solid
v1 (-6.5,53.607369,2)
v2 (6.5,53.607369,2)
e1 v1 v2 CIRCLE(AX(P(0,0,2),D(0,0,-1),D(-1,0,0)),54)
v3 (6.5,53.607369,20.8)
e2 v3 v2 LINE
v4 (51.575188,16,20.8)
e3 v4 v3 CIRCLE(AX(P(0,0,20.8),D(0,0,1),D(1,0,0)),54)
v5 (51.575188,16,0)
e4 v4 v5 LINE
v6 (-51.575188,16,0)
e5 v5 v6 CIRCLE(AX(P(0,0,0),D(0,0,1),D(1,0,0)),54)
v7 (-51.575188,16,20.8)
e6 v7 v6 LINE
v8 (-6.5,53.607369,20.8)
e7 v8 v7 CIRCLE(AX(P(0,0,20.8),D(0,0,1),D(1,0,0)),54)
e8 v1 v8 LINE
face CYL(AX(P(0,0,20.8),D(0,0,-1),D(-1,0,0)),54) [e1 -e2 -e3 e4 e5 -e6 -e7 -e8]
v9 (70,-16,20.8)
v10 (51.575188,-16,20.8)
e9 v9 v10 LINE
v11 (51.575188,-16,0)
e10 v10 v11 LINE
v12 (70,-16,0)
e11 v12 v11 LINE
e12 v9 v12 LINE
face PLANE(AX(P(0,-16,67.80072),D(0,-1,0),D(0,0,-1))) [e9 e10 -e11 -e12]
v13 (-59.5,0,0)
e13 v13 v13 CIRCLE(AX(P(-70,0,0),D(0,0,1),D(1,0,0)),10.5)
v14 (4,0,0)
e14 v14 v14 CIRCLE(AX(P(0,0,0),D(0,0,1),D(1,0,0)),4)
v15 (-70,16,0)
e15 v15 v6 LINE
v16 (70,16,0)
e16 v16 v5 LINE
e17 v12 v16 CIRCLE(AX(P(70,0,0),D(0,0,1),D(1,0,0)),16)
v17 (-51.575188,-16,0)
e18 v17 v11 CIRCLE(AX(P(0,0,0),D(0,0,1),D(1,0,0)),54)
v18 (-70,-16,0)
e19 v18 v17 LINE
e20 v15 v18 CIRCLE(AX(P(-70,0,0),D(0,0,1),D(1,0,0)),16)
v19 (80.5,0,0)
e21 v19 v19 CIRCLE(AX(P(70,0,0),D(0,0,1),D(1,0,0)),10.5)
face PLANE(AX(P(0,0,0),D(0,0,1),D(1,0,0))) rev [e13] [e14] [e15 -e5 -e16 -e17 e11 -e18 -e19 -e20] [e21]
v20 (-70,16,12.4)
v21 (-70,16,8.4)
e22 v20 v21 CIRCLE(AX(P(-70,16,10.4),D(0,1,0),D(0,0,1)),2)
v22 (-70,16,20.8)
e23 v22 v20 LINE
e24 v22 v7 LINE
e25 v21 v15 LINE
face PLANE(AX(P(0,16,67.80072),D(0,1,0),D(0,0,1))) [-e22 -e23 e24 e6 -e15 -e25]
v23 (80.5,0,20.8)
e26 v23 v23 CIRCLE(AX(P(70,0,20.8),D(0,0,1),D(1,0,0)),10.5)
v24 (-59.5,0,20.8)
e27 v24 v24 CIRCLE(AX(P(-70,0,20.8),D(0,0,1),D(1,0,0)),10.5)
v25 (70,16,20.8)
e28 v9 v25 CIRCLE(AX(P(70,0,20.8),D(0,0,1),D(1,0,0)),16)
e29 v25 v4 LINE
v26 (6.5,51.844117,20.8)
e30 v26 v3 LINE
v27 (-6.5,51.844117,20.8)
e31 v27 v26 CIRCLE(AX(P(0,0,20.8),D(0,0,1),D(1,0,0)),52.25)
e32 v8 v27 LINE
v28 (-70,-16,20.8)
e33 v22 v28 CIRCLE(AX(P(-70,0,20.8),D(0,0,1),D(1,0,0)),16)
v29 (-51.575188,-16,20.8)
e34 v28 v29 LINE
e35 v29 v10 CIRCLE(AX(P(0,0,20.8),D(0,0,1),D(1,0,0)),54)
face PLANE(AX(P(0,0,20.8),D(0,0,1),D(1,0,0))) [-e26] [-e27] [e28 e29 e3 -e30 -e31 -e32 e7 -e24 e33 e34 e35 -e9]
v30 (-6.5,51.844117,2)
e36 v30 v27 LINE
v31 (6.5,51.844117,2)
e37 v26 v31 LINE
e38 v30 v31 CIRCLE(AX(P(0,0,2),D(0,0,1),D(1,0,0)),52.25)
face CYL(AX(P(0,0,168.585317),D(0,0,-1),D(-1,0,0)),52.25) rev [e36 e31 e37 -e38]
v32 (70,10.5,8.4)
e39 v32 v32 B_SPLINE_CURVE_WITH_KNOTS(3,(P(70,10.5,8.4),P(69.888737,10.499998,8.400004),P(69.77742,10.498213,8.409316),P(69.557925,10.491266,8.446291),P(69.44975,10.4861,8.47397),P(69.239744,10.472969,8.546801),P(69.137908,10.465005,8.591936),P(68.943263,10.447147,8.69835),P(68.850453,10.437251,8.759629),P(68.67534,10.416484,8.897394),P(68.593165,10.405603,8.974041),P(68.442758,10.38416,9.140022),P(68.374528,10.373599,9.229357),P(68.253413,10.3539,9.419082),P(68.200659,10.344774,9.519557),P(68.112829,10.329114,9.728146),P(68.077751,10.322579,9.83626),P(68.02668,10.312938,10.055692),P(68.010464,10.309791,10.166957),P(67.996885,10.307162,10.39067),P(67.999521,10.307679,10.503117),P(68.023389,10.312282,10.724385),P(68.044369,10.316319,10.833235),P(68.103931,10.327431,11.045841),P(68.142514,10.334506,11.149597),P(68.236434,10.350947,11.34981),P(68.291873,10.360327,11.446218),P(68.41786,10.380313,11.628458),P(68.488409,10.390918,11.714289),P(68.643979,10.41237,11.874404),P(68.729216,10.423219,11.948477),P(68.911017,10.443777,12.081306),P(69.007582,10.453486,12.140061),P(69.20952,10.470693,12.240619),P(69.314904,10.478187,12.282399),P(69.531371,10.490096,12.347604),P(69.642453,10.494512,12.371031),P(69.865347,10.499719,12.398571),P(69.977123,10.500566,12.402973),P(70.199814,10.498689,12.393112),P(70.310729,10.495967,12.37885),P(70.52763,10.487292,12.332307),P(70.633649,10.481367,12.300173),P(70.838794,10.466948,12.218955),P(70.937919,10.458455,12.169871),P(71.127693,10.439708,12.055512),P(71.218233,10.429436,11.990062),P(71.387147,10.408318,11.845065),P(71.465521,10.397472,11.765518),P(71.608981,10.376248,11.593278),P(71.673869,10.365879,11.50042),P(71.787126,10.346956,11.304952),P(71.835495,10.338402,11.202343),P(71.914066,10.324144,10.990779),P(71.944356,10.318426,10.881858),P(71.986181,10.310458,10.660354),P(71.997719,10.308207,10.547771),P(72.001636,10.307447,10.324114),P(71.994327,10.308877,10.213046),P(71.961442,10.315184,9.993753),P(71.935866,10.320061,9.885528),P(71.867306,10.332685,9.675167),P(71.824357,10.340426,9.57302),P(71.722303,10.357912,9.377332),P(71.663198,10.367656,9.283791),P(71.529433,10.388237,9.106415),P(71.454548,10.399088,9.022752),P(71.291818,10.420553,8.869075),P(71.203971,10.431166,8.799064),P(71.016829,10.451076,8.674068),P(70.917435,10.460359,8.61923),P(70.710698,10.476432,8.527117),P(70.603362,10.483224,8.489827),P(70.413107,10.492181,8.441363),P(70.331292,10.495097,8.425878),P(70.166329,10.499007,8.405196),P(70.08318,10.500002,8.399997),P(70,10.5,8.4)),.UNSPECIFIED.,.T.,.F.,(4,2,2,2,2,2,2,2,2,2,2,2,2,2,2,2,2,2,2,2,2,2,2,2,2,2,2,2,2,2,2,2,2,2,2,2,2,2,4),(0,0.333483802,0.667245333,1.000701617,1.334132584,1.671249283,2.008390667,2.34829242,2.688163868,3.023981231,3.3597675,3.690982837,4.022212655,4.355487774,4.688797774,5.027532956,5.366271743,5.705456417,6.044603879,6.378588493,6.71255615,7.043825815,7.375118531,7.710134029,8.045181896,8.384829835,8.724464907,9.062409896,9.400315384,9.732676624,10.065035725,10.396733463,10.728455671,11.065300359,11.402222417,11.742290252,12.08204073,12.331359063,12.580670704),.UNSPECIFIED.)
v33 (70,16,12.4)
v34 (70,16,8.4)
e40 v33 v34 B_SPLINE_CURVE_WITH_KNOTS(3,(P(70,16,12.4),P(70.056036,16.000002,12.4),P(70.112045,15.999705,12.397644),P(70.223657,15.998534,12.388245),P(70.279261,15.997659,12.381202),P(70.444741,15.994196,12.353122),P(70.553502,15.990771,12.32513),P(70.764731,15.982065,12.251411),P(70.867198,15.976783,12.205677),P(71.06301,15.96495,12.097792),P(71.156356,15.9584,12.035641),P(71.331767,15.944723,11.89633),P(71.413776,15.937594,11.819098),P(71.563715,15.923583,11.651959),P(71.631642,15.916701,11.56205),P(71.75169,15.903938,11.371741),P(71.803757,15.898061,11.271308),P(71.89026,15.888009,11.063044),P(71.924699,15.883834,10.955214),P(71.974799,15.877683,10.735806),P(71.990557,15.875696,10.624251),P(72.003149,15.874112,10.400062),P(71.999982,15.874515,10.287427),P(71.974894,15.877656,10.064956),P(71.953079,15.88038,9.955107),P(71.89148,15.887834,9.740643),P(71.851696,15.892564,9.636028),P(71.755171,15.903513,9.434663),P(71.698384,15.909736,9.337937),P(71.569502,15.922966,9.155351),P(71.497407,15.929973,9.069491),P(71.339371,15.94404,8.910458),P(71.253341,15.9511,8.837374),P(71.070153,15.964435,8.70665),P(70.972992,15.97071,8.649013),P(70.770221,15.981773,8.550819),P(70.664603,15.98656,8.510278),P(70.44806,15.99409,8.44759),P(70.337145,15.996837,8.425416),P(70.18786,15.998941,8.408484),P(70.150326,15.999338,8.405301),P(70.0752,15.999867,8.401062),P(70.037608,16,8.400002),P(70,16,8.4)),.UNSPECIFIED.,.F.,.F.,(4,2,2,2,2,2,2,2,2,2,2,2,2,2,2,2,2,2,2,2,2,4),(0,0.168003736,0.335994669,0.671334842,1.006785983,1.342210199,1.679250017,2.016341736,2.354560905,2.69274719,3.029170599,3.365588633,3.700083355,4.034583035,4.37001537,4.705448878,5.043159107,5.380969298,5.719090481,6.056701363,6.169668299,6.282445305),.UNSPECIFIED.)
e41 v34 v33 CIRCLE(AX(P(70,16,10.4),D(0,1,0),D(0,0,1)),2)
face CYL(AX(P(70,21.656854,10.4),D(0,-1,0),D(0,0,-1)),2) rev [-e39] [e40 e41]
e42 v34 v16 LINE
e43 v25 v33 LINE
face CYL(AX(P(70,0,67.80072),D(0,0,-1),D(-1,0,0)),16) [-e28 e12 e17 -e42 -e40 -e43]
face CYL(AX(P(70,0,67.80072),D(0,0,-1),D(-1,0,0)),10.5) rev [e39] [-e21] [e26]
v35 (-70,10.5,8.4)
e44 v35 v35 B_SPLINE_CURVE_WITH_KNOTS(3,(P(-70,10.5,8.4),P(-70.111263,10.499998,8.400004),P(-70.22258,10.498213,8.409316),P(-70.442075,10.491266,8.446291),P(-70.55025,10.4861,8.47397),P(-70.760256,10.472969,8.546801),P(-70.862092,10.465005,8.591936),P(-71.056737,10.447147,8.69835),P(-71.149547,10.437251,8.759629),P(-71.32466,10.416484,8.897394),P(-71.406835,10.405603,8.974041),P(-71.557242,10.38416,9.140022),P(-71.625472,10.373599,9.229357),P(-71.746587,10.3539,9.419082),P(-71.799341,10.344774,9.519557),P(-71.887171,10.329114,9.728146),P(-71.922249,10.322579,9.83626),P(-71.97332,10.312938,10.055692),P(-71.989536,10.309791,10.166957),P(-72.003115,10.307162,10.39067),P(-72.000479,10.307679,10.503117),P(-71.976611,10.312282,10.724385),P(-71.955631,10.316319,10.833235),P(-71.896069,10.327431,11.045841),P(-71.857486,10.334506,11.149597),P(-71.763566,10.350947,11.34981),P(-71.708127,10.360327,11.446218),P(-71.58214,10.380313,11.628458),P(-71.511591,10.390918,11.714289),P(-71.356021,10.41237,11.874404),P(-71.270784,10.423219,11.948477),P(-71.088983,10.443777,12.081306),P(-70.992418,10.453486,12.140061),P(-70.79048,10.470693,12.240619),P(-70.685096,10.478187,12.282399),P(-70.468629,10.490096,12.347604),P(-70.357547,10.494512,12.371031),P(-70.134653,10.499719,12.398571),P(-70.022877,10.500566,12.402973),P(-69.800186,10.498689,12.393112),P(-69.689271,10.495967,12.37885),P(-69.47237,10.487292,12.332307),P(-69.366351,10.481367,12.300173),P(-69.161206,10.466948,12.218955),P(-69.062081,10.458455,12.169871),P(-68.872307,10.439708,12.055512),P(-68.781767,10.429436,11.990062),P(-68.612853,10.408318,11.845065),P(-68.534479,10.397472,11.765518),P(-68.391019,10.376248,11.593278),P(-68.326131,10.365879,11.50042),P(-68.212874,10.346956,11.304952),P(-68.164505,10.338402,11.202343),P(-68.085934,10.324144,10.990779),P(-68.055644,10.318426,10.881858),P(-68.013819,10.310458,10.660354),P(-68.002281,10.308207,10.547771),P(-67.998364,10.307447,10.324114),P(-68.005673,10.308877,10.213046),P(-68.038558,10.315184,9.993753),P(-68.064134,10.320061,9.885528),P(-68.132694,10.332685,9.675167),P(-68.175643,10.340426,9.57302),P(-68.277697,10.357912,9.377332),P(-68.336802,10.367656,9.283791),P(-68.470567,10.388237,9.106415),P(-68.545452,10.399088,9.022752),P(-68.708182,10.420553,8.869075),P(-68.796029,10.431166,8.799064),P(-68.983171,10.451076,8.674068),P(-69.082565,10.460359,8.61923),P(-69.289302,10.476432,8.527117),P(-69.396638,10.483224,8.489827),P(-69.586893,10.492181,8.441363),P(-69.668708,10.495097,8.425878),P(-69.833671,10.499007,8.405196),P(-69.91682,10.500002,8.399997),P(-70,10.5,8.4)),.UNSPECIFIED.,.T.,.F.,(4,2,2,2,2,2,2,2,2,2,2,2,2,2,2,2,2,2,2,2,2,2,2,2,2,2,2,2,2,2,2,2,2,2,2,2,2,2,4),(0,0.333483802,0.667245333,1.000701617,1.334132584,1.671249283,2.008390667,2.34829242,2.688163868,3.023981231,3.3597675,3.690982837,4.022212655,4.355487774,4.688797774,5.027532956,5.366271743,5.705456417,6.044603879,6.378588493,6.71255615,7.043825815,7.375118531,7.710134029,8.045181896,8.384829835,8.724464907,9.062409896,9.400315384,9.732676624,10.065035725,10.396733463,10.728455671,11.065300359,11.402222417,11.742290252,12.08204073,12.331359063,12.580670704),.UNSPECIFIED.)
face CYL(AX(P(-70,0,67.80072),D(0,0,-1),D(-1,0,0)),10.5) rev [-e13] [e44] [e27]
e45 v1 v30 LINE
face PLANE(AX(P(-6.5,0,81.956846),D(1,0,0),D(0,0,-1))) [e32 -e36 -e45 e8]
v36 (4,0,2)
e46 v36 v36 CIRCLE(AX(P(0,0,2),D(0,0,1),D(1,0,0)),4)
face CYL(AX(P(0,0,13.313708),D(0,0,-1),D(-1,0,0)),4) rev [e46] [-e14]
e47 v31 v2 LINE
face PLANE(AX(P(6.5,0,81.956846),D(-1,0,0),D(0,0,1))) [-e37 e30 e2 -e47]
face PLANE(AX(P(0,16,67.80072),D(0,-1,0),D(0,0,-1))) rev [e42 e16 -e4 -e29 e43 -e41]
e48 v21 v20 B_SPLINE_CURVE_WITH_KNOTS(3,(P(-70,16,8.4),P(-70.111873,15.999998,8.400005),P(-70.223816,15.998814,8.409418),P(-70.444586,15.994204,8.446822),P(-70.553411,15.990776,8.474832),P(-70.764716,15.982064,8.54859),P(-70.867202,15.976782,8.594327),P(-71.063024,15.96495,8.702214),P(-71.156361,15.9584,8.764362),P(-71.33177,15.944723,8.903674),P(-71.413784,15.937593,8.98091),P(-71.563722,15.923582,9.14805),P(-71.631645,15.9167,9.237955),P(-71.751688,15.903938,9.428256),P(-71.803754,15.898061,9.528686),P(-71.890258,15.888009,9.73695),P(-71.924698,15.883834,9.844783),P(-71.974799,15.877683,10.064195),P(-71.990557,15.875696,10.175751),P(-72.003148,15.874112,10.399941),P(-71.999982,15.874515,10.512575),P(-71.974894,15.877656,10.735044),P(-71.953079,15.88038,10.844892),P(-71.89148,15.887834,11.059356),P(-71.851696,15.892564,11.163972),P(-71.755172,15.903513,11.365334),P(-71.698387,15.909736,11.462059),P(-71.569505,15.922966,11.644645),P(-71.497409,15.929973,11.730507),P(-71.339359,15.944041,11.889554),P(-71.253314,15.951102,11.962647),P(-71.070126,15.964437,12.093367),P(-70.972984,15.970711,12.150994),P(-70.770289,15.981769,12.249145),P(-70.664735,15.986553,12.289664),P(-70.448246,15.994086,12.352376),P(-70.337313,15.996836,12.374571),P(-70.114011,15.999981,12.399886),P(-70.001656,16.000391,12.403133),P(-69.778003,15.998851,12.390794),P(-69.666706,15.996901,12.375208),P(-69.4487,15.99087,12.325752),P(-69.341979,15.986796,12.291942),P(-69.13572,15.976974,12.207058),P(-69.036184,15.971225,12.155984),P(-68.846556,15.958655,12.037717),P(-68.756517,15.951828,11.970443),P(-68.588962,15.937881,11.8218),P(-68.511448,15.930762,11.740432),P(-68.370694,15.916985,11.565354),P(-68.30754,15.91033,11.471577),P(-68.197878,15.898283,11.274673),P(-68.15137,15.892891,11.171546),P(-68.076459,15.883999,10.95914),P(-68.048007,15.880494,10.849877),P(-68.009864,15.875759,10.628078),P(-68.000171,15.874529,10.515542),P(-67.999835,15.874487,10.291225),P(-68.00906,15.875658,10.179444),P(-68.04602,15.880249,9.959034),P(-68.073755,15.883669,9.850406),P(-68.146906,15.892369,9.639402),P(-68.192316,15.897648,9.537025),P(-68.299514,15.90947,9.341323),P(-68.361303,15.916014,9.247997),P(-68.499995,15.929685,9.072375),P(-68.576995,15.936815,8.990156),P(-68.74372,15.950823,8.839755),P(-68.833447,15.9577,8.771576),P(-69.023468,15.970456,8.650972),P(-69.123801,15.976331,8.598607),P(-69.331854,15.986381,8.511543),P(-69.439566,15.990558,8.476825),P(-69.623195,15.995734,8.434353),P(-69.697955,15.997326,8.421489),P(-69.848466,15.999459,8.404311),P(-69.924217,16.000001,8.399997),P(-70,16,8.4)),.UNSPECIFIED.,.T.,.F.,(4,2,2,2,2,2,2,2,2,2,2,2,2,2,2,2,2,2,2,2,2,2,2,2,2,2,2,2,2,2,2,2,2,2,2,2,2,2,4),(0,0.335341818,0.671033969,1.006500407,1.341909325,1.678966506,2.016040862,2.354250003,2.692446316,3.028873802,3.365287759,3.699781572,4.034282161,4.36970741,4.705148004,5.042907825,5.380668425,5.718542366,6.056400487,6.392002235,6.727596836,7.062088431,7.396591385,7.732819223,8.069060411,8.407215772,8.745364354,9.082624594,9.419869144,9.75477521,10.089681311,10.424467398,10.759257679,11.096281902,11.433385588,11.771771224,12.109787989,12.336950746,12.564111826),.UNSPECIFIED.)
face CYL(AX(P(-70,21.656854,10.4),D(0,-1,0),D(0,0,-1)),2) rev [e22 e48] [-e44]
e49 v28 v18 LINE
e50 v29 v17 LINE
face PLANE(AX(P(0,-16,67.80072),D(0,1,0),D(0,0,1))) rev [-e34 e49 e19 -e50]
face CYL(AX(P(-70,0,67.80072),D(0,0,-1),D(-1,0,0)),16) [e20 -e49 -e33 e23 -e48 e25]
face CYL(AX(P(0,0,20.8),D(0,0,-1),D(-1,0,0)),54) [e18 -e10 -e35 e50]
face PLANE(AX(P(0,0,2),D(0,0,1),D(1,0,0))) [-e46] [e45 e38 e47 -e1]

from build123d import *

# Parameters (mm, degrees)
SKETCH1_R           = 54
BOSS_EXTRUDE1_DEPTH = 20.8
CUT_EXTRUDE2_START  = 2
SKETCH2_R           = 52.25
CUT_EXTRUDE2_DEPTH  = 18.8
SKETCH3_R           = 10.5
BOSS_EXTRUDE2_DEPTH = 20.8
SKETCH4_R           = 4
CUT_EXTRUDE3_DEPTH  = 2
CUT_EXTRUDE4_START  = 2
SKETCH5_W           = 13
SKETCH5_H           = 59.759182194
CUT_EXTRUDE4_DEPTH  = 18.8
SKETCH6_R           = 2
CUT_EXTRUDE5_DEPTH  = 16


with BuildPart() as part:
    # Sketch1 → Boss-Extrude1 (new body)
    with BuildSketch(Plane.XY):
        Circle(SKETCH1_R)
    extrude(amount=BOSS_EXTRUDE1_DEPTH)

    # Sketch2 → Cut-Extrude2 (cut)
    with BuildSketch(Plane.XY.offset(CUT_EXTRUDE2_START)):
        Circle(SKETCH2_R)
    extrude(amount=CUT_EXTRUDE2_DEPTH, mode=Mode.SUBTRACT)

    # Sketch3 → Boss-Extrude2 (add)
    with BuildSketch(Plane.XY):
        with BuildLine():
            ThreePointArc((-51.575187833, 16), (-54, 0), (-51.575187833, -16))
            Line((-51.575187833, -16), (-70, -16))
            ThreePointArc((-70, -16), (-86, 0), (-70, 16))
            Line((-70, 16), (-51.575187833, 16))
        make_face()
        with Locations((-70, 0)):
            Circle(SKETCH3_R, mode=Mode.SUBTRACT)
        with BuildLine():
            Line((70, 16), (51.575187833, 16))
            ThreePointArc((51.575187833, 16), (54, 0), (51.575187833, -16))
            Line((51.575187833, -16), (70, -16))
            ThreePointArc((70, -16), (86, 0), (70, 16))
        make_face()
        with Locations((70, 0)):
            Circle(SKETCH3_R, mode=Mode.SUBTRACT)
    extrude(amount=BOSS_EXTRUDE2_DEPTH)

    # Sketch4 → Cut-Extrude3 (cut)
    with BuildSketch(Plane.XY):
        Circle(SKETCH4_R)
    extrude(amount=CUT_EXTRUDE3_DEPTH, mode=Mode.SUBTRACT)

    # Sketch5 → Cut-Extrude4 (cut)
    with BuildSketch(Plane.XY.offset(CUT_EXTRUDE4_START)):
        with Locations((0, 29.879591097)):
            Rectangle(SKETCH5_W, SKETCH5_H)
    extrude(amount=CUT_EXTRUDE4_DEPTH, mode=Mode.SUBTRACT)

    # Sketch6 → Cut-Extrude5 (cut)
    with BuildSketch(Plane(origin=(0, 0, 0), x_dir=(1, 0, 0), z_dir=(0, 1, 0))):
        with Locations((-70, -10.4)):
            Circle(SKETCH6_R)
        with Locations((70, -10.4)):
            Circle(SKETCH6_R)
    extrude(amount=CUT_EXTRUDE5_DEPTH, mode=Mode.SUBTRACT)


solid = part.part
